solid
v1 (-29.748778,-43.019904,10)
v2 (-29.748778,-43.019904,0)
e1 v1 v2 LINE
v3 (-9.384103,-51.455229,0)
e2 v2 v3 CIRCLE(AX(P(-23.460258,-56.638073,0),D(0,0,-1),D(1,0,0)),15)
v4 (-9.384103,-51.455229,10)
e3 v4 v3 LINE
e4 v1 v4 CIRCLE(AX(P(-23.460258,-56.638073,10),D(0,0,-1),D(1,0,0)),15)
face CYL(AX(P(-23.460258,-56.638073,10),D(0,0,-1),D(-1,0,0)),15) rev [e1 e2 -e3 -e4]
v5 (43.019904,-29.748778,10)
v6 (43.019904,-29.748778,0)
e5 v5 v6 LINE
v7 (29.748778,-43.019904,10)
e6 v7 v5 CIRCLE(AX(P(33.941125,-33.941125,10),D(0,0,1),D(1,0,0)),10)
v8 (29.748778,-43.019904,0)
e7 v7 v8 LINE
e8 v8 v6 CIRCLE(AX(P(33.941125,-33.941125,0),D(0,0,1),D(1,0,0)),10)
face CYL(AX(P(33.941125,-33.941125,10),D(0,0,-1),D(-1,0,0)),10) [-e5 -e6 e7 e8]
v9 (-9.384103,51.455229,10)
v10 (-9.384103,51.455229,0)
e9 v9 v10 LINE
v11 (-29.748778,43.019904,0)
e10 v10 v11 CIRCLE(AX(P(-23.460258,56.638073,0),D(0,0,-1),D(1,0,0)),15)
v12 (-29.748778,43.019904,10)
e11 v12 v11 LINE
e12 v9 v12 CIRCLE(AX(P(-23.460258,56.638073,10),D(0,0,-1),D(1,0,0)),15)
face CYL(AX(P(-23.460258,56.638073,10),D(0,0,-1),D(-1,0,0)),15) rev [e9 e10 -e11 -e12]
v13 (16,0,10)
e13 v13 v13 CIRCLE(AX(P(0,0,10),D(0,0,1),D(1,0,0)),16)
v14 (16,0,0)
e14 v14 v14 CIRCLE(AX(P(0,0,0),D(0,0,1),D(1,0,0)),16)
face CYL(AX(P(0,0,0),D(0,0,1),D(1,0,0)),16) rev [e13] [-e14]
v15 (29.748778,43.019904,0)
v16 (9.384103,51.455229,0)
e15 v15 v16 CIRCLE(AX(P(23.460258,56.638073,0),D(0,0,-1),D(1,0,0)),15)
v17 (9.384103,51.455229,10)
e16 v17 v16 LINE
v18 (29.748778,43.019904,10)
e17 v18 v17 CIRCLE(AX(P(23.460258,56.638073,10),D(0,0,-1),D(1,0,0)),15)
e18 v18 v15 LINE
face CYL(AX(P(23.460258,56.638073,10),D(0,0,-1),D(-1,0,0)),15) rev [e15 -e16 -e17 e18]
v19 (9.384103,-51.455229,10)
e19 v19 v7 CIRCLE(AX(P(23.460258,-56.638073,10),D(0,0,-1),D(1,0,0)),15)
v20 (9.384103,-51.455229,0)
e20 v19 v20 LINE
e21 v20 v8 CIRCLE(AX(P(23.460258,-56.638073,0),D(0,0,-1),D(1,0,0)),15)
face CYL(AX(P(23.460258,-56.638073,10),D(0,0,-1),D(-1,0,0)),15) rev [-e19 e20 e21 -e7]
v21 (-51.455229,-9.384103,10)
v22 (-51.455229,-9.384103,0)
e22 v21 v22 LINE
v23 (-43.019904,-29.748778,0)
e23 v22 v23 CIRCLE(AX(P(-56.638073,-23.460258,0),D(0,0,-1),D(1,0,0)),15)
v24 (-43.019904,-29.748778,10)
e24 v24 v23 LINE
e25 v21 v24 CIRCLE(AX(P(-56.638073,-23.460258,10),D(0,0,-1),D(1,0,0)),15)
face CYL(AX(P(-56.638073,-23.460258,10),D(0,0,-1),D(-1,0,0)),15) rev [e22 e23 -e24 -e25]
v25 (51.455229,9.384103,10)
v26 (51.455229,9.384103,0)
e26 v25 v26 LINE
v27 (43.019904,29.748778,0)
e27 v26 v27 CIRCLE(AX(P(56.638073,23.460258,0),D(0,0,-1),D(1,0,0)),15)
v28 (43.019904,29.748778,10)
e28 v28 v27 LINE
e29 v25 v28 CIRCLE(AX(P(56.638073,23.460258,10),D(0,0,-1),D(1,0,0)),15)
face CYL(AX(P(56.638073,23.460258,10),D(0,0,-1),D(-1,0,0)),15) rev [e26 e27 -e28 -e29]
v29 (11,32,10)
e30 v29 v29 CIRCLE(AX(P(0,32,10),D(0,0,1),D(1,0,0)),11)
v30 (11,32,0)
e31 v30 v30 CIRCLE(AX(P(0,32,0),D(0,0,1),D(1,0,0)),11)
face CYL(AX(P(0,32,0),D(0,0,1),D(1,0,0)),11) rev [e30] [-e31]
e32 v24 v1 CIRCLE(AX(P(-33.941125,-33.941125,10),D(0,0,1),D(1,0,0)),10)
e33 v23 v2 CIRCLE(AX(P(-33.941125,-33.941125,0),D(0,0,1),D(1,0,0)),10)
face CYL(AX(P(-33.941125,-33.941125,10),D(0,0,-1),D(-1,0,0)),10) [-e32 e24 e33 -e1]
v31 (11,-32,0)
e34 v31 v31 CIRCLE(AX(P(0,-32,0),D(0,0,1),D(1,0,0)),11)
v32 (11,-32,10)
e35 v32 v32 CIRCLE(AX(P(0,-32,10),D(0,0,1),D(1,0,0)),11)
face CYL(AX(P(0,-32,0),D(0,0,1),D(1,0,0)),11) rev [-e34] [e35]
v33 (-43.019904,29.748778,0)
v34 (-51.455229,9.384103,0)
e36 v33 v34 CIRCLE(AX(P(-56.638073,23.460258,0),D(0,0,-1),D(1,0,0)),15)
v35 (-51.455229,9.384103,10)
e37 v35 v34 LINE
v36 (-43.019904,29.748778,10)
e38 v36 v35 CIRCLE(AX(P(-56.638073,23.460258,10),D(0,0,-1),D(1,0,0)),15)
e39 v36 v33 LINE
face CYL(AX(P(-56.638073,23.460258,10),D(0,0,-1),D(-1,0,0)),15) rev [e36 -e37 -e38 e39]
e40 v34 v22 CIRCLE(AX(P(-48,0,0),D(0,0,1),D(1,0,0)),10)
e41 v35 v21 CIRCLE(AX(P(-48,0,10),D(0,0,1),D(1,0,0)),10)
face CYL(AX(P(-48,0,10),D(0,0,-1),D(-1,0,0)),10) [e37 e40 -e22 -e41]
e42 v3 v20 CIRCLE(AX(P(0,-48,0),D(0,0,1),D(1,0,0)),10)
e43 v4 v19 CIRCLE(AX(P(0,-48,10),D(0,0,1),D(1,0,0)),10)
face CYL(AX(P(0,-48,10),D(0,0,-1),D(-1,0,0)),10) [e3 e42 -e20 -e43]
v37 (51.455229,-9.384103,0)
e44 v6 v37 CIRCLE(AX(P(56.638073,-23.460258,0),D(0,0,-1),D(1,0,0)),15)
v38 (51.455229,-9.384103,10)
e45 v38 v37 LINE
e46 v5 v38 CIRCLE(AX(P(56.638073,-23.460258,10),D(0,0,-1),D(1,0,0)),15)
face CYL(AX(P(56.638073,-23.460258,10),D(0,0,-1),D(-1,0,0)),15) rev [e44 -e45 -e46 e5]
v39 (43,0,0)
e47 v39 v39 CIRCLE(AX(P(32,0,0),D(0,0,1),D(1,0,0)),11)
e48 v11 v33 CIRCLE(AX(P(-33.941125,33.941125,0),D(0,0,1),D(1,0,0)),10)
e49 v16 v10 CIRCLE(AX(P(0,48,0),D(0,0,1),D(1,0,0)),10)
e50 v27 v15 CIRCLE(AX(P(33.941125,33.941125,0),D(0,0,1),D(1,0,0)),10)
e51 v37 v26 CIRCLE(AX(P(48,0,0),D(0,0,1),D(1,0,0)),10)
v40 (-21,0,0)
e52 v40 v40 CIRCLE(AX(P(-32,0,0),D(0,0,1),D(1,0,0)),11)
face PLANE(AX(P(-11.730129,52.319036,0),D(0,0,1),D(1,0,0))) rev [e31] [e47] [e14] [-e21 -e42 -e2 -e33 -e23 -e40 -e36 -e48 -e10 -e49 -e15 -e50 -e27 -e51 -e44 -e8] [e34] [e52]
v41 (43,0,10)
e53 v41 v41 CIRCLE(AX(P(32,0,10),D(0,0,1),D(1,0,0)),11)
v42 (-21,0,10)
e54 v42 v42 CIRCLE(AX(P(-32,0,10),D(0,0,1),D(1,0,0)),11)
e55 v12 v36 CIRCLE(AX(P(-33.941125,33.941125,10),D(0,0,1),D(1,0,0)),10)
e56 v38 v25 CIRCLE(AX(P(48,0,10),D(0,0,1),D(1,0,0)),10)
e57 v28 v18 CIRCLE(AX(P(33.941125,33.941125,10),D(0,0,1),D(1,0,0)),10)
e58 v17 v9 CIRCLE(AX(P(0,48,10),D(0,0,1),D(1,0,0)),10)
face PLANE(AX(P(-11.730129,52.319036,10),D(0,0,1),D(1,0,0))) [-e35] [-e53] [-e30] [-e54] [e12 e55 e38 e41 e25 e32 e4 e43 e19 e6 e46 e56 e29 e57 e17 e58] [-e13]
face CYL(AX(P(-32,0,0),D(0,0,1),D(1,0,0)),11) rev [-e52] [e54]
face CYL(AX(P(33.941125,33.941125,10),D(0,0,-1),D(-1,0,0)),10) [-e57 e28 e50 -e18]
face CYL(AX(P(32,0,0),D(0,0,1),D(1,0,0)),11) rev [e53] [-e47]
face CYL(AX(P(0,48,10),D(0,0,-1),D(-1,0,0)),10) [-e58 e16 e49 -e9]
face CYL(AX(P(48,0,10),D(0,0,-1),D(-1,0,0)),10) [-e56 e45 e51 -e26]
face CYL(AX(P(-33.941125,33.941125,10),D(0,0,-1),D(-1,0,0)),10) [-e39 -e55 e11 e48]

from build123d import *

# Parameters (mm, degrees)
EXTRUDE_1_DEPTH     = 10
SKETCH_2_R          = 16
SKETCH_2_R_2        = 11
CUT_EXTRUDE_1_DEPTH = 10


with BuildPart() as part:
    # 草图1 → 凸台-拉伸1 (new body)
    with BuildSketch(Plane.XY):
        with BuildLine():
            ThreePointArc((9.384103149, 51.455229093), (0, 58), (-9.384103149, 51.455229093))
            ThreePointArc((-9.384103149, 51.455229093), (-17.720006387, 42.779879746), (-29.748778447, 43.019904391))
            ThreePointArc((-29.748778447, 43.019904391), (-41.012193309, 41.012193309), (-43.019904391, 29.748778447))
            ThreePointArc((-43.019904391, 29.748778447), (-42.779879746, 17.720006387), (-51.455229093, 9.384103149))
            ThreePointArc((-51.455229093, 9.384103149), (-58, 0), (-51.455229093, -9.384103149))
            ThreePointArc((-51.455229093, -9.384103149), (-42.779879746, -17.720006387), (-43.019904391, -29.748778447))
            ThreePointArc((-43.019904391, -29.748778447), (-41.012193309, -41.012193309), (-29.748778447, -43.019904391))
            ThreePointArc((-29.748778447, -43.019904391), (-17.720006387, -42.779879746), (-9.384103149, -51.455229093))
            ThreePointArc((-9.384103149, -51.455229093), (0, -58), (9.384103149, -51.455229093))
            ThreePointArc((9.384103149, -51.455229093), (17.720006387, -42.779879746), (29.748778447, -43.019904391))
            ThreePointArc((29.748778447, -43.019904391), (41.012193309, -41.012193309), (43.019904391, -29.748778447))
            ThreePointArc((43.019904391, -29.748778447), (42.779879746, -17.720006387), (51.455229093, -9.384103149))
            ThreePointArc((51.455229093, -9.384103149), (58, 0), (51.455229093, 9.384103149))
            ThreePointArc((51.455229093, 9.384103149), (42.779879746, 17.720006387), (43.019904391, 29.748778447))
            ThreePointArc((43.019904391, 29.748778447), (41.012193309, 41.012193309), (29.748778447, 43.019904391))
            ThreePointArc((29.748778447, 43.019904391), (17.720006387, 42.779879746), (9.384103149, 51.455229093))
        make_face()
    extrude(amount=EXTRUDE_1_DEPTH)

    # 草图2 → 切除-拉伸1 (cut)
    with BuildSketch(Plane.XY.offset(10)):
        Circle(SKETCH_2_R)
        with Locations((0, 32)):
            Circle(SKETCH_2_R_2)
        with Locations((32, 0)):
            Circle(SKETCH_2_R_2)
        with Locations((0, -32)):
            Circle(SKETCH_2_R_2)
        with Locations((-32, 0)):
            Circle(SKETCH_2_R_2)
    extrude(amount=-CUT_EXTRUDE_1_DEPTH, mode=Mode.SUBTRACT)


solid = part.part
